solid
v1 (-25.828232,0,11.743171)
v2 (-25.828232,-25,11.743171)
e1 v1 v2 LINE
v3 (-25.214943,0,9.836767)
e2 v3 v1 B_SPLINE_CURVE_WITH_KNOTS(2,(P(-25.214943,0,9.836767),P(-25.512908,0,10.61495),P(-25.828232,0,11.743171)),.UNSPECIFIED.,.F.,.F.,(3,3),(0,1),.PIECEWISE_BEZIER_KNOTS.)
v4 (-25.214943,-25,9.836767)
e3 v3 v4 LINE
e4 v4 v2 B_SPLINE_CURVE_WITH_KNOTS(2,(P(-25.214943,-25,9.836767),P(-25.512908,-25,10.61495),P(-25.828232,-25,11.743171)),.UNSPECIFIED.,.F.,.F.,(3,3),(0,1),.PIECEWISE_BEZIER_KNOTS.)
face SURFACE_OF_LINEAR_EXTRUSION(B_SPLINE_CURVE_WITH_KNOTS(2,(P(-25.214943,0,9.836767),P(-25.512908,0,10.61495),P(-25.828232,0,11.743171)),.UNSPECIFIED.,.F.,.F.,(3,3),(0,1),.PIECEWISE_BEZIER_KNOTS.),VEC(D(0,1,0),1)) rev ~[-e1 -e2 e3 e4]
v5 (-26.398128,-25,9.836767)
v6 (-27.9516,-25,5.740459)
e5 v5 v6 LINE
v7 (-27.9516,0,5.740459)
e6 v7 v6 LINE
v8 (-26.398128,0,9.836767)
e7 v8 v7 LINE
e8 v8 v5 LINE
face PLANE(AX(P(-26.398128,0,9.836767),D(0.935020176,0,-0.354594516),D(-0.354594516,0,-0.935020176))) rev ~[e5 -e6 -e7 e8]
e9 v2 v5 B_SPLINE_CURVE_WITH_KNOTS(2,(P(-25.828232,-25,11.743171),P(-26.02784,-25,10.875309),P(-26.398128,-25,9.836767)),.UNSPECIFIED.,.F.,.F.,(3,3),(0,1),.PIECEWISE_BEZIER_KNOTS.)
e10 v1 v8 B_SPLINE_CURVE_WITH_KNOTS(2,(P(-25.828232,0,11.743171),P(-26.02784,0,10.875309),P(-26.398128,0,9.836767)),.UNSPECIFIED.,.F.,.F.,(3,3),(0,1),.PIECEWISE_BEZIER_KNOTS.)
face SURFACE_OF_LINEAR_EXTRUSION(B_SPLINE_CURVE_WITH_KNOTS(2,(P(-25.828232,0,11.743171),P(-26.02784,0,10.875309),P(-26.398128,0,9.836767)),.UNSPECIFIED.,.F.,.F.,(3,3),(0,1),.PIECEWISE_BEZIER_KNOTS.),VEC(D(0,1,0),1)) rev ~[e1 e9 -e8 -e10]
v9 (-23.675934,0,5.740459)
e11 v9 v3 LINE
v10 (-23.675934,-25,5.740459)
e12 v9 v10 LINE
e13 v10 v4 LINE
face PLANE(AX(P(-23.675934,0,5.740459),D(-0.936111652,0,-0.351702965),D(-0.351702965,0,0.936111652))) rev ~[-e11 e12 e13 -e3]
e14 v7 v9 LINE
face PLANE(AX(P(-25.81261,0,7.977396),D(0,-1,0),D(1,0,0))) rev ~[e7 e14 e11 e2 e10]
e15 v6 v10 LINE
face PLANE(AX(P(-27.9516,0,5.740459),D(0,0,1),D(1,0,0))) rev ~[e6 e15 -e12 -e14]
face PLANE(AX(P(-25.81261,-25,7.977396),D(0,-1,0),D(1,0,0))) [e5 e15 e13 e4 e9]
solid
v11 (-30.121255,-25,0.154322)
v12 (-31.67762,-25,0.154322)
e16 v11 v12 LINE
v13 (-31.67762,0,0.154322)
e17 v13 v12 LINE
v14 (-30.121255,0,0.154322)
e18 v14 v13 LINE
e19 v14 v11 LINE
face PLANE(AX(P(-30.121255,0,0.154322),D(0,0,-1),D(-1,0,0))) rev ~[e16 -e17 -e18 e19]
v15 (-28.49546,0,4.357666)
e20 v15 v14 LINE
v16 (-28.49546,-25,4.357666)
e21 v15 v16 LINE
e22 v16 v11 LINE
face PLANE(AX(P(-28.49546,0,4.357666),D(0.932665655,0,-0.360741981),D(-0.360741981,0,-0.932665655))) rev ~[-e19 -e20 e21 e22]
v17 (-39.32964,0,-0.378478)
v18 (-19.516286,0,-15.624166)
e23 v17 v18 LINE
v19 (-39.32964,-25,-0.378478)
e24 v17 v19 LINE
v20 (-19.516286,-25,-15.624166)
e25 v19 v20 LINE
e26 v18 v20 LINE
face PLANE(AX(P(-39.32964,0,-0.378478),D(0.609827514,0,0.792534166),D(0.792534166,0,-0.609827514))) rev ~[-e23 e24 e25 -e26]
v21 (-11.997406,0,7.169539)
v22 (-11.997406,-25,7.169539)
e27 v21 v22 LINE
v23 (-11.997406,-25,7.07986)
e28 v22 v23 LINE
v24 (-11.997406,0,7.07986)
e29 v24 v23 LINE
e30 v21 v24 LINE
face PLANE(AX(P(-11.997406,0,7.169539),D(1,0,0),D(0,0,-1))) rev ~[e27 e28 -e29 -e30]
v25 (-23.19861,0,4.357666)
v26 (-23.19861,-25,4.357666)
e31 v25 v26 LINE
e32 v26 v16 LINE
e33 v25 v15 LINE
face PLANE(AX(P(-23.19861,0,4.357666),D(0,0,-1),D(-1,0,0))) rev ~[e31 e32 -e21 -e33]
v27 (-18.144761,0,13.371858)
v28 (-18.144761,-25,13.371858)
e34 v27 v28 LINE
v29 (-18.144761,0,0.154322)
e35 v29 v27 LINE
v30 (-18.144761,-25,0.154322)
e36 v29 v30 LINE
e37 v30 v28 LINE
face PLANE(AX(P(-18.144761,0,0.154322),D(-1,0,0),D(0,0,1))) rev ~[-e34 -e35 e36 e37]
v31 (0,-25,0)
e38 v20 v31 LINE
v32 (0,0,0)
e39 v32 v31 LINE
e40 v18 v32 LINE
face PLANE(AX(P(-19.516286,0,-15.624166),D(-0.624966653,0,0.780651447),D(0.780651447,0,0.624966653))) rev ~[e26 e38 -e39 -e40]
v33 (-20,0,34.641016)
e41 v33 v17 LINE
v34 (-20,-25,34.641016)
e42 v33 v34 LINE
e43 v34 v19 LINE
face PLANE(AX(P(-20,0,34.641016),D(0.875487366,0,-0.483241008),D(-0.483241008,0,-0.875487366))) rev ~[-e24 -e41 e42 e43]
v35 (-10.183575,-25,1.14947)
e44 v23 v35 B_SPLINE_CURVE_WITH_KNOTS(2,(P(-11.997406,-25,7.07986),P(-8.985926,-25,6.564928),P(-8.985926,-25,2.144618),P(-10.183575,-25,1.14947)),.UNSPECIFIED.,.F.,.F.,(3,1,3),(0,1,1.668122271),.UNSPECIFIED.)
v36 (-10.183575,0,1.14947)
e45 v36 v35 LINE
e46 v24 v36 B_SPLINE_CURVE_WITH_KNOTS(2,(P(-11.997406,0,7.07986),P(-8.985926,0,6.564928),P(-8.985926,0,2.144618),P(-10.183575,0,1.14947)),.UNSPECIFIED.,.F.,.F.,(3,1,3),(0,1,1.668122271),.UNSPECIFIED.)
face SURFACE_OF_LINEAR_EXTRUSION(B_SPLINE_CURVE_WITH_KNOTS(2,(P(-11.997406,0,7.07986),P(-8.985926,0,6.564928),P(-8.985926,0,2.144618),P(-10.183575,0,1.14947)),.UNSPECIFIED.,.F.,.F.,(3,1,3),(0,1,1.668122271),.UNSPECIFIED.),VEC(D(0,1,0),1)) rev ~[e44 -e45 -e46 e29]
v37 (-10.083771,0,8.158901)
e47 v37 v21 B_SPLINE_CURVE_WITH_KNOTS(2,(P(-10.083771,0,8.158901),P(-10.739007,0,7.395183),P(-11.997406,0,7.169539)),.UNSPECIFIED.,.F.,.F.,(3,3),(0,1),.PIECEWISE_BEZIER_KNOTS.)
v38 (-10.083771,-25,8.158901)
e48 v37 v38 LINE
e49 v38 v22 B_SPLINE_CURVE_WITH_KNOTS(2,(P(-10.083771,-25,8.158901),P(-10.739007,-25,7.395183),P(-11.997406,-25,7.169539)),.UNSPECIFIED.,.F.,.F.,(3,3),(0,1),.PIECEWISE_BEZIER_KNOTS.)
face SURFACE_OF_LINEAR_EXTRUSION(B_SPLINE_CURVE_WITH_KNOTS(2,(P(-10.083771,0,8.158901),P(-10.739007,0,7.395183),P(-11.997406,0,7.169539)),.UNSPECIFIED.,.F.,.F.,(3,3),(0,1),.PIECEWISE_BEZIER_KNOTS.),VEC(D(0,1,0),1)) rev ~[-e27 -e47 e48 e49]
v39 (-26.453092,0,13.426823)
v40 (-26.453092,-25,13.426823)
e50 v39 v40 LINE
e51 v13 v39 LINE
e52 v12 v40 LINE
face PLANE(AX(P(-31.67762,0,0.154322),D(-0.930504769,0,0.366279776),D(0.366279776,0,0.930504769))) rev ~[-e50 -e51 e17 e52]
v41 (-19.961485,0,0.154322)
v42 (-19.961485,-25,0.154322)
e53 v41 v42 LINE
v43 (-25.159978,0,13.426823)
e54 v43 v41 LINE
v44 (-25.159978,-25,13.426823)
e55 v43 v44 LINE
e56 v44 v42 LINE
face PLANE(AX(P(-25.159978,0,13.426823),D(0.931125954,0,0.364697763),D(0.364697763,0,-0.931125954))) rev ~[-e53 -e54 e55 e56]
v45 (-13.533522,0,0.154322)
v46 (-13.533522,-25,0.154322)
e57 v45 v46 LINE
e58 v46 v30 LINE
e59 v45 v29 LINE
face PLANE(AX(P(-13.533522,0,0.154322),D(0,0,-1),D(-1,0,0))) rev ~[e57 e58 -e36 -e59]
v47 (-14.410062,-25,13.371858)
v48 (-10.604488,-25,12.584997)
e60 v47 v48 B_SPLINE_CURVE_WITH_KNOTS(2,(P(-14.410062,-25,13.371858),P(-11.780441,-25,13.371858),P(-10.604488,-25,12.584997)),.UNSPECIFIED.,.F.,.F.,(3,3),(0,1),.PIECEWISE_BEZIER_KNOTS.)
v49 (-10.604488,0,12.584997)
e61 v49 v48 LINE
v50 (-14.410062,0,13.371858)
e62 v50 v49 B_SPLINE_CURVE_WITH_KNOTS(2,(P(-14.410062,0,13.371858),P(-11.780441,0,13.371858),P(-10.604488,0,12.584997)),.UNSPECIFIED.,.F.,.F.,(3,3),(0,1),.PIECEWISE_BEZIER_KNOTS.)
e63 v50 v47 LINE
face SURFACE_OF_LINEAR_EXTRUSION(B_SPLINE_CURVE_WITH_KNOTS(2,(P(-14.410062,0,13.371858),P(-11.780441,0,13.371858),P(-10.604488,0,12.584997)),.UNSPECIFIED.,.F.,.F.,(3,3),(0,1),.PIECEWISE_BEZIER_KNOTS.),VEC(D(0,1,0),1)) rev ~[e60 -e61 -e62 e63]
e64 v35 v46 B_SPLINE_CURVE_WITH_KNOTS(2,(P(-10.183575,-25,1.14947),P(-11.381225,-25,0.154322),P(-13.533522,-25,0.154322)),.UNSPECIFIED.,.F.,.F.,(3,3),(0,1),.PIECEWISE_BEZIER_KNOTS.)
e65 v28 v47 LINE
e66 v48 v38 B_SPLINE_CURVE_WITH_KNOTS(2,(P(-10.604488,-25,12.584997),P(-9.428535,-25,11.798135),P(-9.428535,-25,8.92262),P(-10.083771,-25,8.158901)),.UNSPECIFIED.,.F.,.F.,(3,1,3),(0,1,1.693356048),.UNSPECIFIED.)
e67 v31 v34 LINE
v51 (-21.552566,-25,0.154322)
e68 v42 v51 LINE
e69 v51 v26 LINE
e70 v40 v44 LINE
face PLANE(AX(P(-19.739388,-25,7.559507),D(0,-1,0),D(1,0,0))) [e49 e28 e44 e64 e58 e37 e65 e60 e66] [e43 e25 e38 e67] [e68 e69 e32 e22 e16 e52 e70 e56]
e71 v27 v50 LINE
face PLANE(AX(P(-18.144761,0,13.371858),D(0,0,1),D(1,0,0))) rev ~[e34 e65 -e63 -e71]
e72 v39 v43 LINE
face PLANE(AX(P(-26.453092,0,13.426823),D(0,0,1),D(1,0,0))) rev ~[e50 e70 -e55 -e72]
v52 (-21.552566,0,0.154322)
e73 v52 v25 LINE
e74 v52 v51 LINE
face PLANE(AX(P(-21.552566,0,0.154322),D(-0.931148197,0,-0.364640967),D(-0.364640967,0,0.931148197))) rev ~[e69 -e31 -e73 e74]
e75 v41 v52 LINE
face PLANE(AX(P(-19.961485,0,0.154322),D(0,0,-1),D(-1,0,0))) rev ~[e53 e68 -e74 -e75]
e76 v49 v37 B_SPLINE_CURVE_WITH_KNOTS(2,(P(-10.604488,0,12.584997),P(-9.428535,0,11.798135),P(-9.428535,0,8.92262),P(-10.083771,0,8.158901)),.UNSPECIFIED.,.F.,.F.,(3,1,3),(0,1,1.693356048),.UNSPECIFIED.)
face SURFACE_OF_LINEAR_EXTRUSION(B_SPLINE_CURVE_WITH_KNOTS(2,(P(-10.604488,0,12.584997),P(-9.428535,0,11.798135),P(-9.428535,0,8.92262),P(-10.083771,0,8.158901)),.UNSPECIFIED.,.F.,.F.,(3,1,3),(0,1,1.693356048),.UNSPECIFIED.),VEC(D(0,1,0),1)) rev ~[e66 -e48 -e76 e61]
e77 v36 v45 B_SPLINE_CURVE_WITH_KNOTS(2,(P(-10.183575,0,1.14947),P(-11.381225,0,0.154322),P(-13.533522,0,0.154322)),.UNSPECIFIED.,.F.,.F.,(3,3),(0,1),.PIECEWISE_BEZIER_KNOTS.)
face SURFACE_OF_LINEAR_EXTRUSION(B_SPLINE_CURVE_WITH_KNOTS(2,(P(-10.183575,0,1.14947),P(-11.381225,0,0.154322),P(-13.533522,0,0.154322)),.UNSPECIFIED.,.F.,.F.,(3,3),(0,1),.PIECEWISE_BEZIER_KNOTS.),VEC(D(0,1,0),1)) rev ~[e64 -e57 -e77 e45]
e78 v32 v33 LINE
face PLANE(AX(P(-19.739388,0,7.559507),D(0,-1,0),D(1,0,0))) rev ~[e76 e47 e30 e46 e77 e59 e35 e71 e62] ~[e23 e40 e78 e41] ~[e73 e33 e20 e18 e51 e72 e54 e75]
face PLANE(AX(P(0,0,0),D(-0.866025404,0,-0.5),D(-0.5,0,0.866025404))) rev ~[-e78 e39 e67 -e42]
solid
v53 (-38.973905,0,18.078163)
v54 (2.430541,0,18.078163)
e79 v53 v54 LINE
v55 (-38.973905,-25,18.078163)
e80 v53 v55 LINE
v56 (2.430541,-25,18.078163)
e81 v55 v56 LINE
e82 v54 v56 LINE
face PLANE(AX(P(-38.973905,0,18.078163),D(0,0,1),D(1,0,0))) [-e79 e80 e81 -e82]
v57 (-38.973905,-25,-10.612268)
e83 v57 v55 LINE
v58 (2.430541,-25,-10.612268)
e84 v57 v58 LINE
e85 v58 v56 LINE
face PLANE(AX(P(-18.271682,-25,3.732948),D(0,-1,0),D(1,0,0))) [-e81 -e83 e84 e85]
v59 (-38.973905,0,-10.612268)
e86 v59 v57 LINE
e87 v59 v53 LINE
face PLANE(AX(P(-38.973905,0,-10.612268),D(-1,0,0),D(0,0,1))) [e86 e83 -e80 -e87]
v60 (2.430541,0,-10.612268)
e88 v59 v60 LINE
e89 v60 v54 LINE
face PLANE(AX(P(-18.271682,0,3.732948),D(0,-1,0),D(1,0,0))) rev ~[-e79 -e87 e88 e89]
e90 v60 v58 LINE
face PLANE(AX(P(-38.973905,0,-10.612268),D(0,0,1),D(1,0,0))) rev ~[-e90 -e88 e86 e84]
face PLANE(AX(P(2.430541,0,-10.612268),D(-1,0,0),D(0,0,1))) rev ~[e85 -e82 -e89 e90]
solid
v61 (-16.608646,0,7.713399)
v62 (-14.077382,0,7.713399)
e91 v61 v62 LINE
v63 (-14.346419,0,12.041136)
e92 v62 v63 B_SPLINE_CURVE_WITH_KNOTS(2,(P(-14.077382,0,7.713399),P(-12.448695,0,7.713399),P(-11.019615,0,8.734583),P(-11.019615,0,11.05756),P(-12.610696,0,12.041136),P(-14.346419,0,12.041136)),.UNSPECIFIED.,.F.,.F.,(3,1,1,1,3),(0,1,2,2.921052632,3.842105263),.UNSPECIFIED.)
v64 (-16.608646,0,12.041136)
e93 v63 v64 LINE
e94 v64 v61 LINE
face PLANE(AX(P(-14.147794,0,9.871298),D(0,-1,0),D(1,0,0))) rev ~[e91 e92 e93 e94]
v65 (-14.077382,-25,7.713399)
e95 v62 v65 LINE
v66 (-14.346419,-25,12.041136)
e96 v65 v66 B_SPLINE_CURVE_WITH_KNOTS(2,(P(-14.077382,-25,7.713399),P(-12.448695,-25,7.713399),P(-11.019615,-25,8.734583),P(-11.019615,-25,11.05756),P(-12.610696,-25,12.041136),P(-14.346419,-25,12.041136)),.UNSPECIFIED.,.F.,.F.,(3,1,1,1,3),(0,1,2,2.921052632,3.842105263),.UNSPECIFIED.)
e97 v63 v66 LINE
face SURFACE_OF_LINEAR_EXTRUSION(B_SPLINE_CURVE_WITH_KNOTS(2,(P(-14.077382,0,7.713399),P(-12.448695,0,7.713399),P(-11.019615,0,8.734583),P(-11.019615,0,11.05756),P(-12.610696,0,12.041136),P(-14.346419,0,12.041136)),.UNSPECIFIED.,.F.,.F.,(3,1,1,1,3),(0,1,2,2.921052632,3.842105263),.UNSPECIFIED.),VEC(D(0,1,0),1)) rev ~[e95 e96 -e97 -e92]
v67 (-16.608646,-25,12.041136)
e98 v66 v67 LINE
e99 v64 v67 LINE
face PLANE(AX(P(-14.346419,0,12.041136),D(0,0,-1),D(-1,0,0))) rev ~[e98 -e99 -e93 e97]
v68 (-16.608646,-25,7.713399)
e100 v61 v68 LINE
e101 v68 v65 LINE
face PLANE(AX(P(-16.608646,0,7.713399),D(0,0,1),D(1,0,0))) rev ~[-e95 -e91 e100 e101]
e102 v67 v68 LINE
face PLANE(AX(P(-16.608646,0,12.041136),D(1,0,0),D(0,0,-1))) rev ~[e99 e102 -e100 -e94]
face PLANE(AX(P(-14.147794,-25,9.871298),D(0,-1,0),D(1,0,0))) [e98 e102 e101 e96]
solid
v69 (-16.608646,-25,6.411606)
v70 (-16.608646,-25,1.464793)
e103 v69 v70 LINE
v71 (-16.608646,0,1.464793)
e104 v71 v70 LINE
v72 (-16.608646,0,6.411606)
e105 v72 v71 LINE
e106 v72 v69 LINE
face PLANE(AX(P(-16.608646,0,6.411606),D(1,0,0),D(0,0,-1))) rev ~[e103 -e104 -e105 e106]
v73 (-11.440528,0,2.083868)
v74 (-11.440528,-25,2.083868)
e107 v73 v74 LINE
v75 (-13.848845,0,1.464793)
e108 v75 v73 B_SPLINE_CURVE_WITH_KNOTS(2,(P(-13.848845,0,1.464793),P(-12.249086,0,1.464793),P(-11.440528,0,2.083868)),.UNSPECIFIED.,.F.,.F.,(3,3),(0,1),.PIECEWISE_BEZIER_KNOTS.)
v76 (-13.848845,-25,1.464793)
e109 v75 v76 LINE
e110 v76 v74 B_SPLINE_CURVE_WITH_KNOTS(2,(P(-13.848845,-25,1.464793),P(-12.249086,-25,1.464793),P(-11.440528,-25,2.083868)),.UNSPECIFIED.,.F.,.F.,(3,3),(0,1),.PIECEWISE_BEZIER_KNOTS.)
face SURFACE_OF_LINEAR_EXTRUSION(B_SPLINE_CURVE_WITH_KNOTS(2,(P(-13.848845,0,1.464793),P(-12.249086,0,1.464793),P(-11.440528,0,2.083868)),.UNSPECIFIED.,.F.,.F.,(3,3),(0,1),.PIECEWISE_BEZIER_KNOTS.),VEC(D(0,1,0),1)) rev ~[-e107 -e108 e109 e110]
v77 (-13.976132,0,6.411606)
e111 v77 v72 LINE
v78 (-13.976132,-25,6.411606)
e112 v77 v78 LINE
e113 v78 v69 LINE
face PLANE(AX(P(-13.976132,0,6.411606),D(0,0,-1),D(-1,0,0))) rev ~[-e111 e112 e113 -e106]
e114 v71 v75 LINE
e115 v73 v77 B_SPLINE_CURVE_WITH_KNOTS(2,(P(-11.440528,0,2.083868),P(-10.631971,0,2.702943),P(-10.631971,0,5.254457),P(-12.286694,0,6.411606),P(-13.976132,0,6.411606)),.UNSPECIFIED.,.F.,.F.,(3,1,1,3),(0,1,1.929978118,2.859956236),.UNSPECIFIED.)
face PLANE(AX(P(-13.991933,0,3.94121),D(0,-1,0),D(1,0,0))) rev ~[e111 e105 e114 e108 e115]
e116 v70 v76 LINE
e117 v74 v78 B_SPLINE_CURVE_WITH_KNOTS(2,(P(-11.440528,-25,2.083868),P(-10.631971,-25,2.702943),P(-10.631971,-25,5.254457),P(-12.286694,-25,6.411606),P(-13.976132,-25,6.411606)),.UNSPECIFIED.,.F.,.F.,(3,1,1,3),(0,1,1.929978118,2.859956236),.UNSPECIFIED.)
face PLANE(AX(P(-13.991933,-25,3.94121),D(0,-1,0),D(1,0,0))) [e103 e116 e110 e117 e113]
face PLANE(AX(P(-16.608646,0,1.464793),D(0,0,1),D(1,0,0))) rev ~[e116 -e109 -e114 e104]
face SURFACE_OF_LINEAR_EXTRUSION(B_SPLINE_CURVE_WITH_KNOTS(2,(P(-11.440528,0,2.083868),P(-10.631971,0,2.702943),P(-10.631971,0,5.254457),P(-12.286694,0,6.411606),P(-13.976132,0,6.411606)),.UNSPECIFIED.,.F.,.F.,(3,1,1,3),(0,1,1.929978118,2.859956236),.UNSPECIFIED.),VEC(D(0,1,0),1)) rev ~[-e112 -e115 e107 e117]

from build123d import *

# Parameters (mm, degrees)
F1_DEPTH = 25
F2_W     = 41.4044458885
F2_H     = 28.690431267
F3_DEPTH = 25


with BuildPart() as f1:
    # F0 (on Front) → F1 (new body)
    with BuildSketch(Plane.XZ):
        Polygon((-20, 34.6410161514), (-39.3296403253, -0.3784784894), (-19.5162861858, -15.6241663302), (0, 0), align=None)
        Polygon((-19.961485454, 0.1543219155), (-21.5525655212, 0.1543219155), (-23.1986101725, 4.3576661656), (-28.4954603596, 4.3576661656), (-30.121254901, 0.1543219155), (-31.6776204939, 0.1543219155), (-26.453092128, 13.4268225484), (-25.1599779643, 13.4268225484), align=None, mode=Mode.SUBTRACT)
        with BuildLine():
            Line((-18.1447613046, 0.1543219155), (-18.1447613046, 13.3718579642))
            Line((-18.1447613046, 13.3718579642), (-14.4100624561, 13.3718579642))
            add(Edge.make_bspline(
                [(-14.4100624561, 13.3718579642), (-11.780441036, 13.3718579642), (-10.6044882227, 12.5849965492)],
                knots=[0, 0, 0, 1, 1, 1], degree=2))
            add(Edge.make_bspline(
                [(-10.6044882227, 12.5849965492), (-9.4285354095, 11.7981351342), (-9.4285354095, 10.1000187716)],
                knots=[0, 0, 0, 1, 1, 1], degree=2))
            add(Edge.make_bspline(
                [(-9.4285354095, 10.1000187716), (-9.4285354095, 8.9226195219), (-10.0837711099, 8.1589010897)],
                knots=[0, 0, 0, 1, 1, 1], degree=2))
            add(Edge.make_bspline(
                [(-10.0837711099, 8.1589010897), (-10.7390068102, 7.3951826575), (-11.9974064997, 7.1695385752)],
                knots=[0, 0, 0, 1, 1, 1], degree=2))
            Line((-11.9974064997, 7.1695385752), (-11.9974064997, 7.0798595169))
            add(Edge.make_bspline(
                [(-11.9974064997, 7.0798595169), (-8.9859258635, 6.5649281497), (-8.9859258635, 3.9150566197)],
                knots=[0, 0, 0, 1, 1, 1], degree=2))
            add(Edge.make_bspline(
                [(-8.9859258635, 3.9150566197), (-8.9859258635, 2.1446184359), (-10.1835752232, 1.1494701757)],
                knots=[0, 0, 0, 1, 1, 1], degree=2))
            add(Edge.make_bspline(
                [(-10.1835752232, 1.1494701757), (-11.3812245828, 0.1543219155), (-13.5335219827, 0.1543219155)],
                knots=[0, 0, 0, 1, 1, 1], degree=2))
            Line((-13.5335219827, 0.1543219155), (-18.1447613046, 0.1543219155))
        make_face(mode=Mode.SUBTRACT)
    extrude(amount=F1_DEPTH)


with BuildPart() as f1b:
    # F0 (on Front) → F1, piece 2 (new body)
    with BuildSketch(Plane.XZ):
        with BuildLine():
            Line((-27.951600264, 5.7404593876), (-23.6759341926, 5.7404593876))
            Line((-23.6759341926, 5.7404593876), (-25.2149425485, 9.8367673423))
            add(Edge.make_bspline(
                [(-25.2149425485, 9.8367673423), (-25.5129084519, 10.6149501388), (-25.8282315925, 11.74317055)],
                knots=[0, 0, 0, 1, 1, 1], degree=2))
            add(Edge.make_bspline(
                [(-25.8282315925, 11.74317055), (-26.0278398191, 10.8753086952), (-26.3981275438, 9.8367673423)],
                knots=[0, 0, 0, 1, 1, 1], degree=2))
            Line((-26.3981275438, 9.8367673423), (-27.951600264, 5.7404593876))
        make_face()
    extrude(amount=F1_DEPTH)


with BuildPart() as f1c:
    # F0 (on Front) → F1, piece 3 (new body)
    with BuildSketch(Plane.XZ):
        with BuildLine():
            Line((-16.6086458216, 12.0411364535), (-16.6086458216, 7.7133986709))
            Line((-16.6086458216, 7.7133986709), (-14.0773820784, 7.7133986709))
            add(Edge.make_bspline(
                [(-14.0773820784, 7.7133986709), (-12.4486946642, 7.7133986709), (-11.7341550704, 8.2239907288)],
                knots=[0, 0, 0, 1, 1, 1], degree=2))
            add(Edge.make_bspline(
                [(-11.7341550704, 8.2239907288), (-11.0196154766, 8.7345827867), (-11.0196154766, 9.9438036377)],
                knots=[0, 0, 0, 1, 1, 1], degree=2))
            add(Edge.make_bspline(
                [(-11.0196154766, 9.9438036377), (-11.0196154766, 11.0575596847), (-11.8151555102, 11.5493480691)],
                knots=[0, 0, 0, 1, 1, 1], degree=2))
            add(Edge.make_bspline(
                [(-11.8151555102, 11.5493480691), (-12.6106955438, 12.0411364535), (-14.3464192534, 12.0411364535)],
                knots=[0, 0, 0, 1, 1, 1], degree=2))
            Line((-14.3464192534, 12.0411364535), (-16.6086458216, 12.0411364535))
        make_face()
    extrude(amount=F1_DEPTH)


with BuildPart() as f1d:
    # F0 (on Front) → F1, piece 4 (new body)
    with BuildSketch(Plane.XZ):
        with BuildLine():
            Line((-13.9761315287, 6.4116058887), (-16.6086458216, 6.4116058887))
            Line((-16.6086458216, 6.4116058887), (-16.6086458216, 1.4647933163))
            Line((-16.6086458216, 1.4647933163), (-13.8488451233, 1.4647933163))
            add(Edge.make_bspline(
                [(-13.8488451233, 1.4647933163), (-12.2490864376, 1.4647933163), (-11.4405284762, 2.083868106)],
                knots=[0, 0, 0, 1, 1, 1], degree=2))
            add(Edge.make_bspline(
                [(-11.4405284762, 2.083868106), (-10.6319705148, 2.7029428958), (-10.6319705148, 4.0249857879)],
                knots=[0, 0, 0, 1, 1, 1], degree=2))
            add(Edge.make_bspline(
                [(-10.6319705148, 4.0249857879), (-10.6319705148, 5.2544567489), (-11.4593321497, 5.8330313188)],
                knots=[0, 0, 0, 1, 1, 1], degree=2))
            add(Edge.make_bspline(
                [(-11.4593321497, 5.8330313188), (-12.2866937846, 6.4116058887), (-13.9761315287, 6.4116058887)],
                knots=[0, 0, 0, 1, 1, 1], degree=2))
        make_face()
    extrude(amount=F1_DEPTH)


with BuildPart() as f3:
    # F2 (on Front) → F3 (new body)
    with BuildSketch(Plane.XZ):
        with Locations((-18.2716822019, 3.7329476327)):
            Rectangle(F2_W, F2_H)
    extrude(amount=F3_DEPTH)


solid = Compound([f1.part, f1b.part, f1c.part, f1d.part, f3.part])
